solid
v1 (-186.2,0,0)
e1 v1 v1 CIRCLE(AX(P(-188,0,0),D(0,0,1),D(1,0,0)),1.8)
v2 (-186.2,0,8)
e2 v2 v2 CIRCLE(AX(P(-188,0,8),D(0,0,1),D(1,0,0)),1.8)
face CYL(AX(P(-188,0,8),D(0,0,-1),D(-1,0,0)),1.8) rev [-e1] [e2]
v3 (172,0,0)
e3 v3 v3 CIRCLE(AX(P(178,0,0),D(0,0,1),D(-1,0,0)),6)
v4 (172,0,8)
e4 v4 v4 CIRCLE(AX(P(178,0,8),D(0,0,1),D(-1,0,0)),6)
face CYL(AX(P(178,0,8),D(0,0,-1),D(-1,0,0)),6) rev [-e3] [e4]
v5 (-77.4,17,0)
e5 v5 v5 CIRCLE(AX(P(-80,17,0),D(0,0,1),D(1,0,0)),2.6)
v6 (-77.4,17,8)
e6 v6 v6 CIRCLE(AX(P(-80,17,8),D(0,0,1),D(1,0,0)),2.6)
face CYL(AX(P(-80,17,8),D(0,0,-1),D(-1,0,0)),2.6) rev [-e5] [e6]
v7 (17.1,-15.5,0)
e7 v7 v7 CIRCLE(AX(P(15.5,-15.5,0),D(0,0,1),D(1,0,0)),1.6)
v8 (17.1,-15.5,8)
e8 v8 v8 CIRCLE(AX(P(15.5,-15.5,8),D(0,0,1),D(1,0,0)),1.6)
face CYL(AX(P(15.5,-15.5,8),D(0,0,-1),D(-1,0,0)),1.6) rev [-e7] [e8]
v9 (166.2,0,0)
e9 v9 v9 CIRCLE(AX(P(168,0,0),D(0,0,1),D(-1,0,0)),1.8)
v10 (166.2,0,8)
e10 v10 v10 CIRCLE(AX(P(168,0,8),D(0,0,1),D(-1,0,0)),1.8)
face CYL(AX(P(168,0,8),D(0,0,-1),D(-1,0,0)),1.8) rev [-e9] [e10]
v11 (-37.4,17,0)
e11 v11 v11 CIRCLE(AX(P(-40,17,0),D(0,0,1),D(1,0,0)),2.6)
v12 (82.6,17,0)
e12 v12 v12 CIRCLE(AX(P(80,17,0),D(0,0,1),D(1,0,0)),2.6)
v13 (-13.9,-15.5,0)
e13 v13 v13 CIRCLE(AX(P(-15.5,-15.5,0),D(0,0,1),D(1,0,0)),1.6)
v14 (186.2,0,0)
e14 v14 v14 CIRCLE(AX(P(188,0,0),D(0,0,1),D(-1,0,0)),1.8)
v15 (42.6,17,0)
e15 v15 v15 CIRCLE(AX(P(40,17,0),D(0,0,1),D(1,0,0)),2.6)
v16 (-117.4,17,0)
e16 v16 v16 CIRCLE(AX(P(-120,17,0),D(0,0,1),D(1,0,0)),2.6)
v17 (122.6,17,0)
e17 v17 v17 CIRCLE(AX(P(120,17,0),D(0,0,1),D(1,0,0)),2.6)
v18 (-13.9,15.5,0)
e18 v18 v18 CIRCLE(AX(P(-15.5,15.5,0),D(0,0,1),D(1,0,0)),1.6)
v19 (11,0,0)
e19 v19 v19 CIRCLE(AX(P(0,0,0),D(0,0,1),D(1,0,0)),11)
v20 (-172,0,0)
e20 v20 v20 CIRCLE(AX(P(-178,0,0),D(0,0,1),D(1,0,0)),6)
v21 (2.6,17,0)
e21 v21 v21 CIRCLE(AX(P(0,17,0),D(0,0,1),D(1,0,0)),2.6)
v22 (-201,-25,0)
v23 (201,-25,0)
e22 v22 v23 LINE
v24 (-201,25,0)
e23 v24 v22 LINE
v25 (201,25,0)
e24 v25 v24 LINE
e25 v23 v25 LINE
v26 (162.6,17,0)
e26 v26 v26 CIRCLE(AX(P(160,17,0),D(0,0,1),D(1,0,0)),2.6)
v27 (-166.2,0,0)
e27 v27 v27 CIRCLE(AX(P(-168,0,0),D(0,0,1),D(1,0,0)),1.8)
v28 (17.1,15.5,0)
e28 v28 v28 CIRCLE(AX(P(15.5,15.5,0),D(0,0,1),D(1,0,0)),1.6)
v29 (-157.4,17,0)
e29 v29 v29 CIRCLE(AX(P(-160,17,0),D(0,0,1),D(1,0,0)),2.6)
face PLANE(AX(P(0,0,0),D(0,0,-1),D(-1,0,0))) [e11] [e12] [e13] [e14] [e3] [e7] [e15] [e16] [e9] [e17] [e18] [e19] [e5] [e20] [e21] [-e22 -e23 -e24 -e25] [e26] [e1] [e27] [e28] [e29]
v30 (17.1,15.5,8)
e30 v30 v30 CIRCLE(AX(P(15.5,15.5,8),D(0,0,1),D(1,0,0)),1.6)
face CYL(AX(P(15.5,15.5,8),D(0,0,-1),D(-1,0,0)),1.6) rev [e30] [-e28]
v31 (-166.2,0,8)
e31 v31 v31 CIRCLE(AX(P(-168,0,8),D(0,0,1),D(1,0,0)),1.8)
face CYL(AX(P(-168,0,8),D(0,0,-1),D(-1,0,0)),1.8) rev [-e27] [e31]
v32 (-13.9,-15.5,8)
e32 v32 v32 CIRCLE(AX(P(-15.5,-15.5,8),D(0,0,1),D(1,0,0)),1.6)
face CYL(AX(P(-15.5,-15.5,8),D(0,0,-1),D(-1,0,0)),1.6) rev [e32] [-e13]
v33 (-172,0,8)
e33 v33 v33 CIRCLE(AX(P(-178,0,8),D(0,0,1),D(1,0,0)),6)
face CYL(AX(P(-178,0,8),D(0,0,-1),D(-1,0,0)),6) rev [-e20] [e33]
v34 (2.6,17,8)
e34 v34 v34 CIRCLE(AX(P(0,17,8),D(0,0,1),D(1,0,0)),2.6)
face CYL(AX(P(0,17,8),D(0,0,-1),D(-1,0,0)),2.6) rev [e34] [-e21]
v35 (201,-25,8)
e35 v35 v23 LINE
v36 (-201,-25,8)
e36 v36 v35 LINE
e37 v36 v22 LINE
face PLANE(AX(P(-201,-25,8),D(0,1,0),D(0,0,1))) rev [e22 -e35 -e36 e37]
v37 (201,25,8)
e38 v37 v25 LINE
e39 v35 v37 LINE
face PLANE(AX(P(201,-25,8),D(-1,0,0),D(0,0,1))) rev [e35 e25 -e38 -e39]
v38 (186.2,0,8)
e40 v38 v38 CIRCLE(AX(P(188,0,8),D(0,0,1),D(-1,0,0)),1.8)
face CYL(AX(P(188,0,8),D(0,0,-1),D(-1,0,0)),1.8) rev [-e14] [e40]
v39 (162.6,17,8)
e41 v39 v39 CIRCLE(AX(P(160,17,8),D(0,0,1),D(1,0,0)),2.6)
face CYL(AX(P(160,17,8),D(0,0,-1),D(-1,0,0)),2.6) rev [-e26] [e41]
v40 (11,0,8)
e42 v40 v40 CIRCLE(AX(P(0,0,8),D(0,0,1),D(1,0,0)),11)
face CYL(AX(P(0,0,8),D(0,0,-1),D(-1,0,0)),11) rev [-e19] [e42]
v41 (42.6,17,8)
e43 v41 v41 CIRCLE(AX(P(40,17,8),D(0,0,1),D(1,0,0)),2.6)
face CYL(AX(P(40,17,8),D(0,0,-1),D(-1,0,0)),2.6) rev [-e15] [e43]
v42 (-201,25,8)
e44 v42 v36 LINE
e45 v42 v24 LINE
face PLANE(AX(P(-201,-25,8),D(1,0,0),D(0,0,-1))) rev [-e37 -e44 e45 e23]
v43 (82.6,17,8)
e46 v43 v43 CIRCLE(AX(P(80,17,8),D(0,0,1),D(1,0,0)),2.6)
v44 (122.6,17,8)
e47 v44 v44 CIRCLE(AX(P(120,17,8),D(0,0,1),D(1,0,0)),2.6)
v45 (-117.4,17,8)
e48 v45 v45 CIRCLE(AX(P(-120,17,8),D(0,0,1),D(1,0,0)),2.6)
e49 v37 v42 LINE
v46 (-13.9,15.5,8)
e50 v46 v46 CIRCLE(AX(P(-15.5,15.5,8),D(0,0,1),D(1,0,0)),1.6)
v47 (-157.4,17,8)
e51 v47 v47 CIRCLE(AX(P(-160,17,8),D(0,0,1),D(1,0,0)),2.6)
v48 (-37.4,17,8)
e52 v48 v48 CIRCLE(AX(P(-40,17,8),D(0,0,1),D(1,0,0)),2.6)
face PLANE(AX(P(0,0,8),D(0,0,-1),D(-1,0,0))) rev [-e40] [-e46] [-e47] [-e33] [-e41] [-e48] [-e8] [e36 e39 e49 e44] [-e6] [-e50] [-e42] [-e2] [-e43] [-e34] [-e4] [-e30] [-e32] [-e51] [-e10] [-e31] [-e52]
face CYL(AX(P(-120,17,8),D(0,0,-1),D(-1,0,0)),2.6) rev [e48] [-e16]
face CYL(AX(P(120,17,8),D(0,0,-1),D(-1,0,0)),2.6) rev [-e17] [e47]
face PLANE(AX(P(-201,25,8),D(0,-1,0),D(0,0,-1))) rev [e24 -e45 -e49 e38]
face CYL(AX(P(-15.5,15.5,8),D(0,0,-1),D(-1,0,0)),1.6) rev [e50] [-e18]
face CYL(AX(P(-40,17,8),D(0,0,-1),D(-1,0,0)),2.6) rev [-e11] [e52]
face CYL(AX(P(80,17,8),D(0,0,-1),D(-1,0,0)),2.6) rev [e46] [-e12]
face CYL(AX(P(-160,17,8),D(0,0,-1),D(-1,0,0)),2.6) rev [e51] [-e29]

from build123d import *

# Parameters (mm, degrees)
SKETCH1_W           = 402
SKETCH1_H           = 50
SKETCH1_R           = 6
SKETCH1_R_2         = 1.8
SKETCH1_R_3         = 11
SKETCH1_R_4         = 1.6
SKETCH1_R_5         = 2.6
BOSS_EXTRUDE1_DEPTH = 8


with BuildPart() as part:
    # Sketch1 → Boss-Extrude1 (new body)
    with BuildSketch(Plane.XY):
        Rectangle(SKETCH1_W, SKETCH1_H)
        with Locations((-178, 0)):
            Circle(SKETCH1_R, mode=Mode.SUBTRACT)
        with Locations((168, 0)):
            Circle(SKETCH1_R_2, mode=Mode.SUBTRACT)
        Circle(SKETCH1_R_3, mode=Mode.SUBTRACT)
        with Locations((-188, 0)):
            Circle(SKETCH1_R_2, mode=Mode.SUBTRACT)
        with Locations((-168, 0)):
            Circle(SKETCH1_R_2, mode=Mode.SUBTRACT)
        with Locations((188, 0)):
            Circle(SKETCH1_R_2, mode=Mode.SUBTRACT)
        with Locations((178, 0)):
            Circle(SKETCH1_R, mode=Mode.SUBTRACT)
        with Locations((-15.5, 15.5)):
            Circle(SKETCH1_R_4, mode=Mode.SUBTRACT)
        with Locations((15.5, 15.5)):
            Circle(SKETCH1_R_4, mode=Mode.SUBTRACT)
        with Locations((-15.5, -15.5)):
            Circle(SKETCH1_R_4, mode=Mode.SUBTRACT)
        with Locations((15.5, -15.5)):
            Circle(SKETCH1_R_4, mode=Mode.SUBTRACT)
        with Locations((0, 17)):
            Circle(SKETCH1_R_5, mode=Mode.SUBTRACT)
        with Locations((40, 17)):
            Circle(SKETCH1_R_5, mode=Mode.SUBTRACT)
        with Locations((80, 17)):
            Circle(SKETCH1_R_5, mode=Mode.SUBTRACT)
        with Locations((120, 17)):
            Circle(SKETCH1_R_5, mode=Mode.SUBTRACT)
        with Locations((160, 17)):
            Circle(SKETCH1_R_5, mode=Mode.SUBTRACT)
        with Locations((-40, 17)):
            Circle(SKETCH1_R_5, mode=Mode.SUBTRACT)
        with Locations((-80, 17)):
            Circle(SKETCH1_R_5, mode=Mode.SUBTRACT)
        with Locations((-120, 17)):
            Circle(SKETCH1_R_5, mode=Mode.SUBTRACT)
        with Locations((-160, 17)):
            Circle(SKETCH1_R_5, mode=Mode.SUBTRACT)
    extrude(amount=BOSS_EXTRUDE1_DEPTH)


solid = part.part
